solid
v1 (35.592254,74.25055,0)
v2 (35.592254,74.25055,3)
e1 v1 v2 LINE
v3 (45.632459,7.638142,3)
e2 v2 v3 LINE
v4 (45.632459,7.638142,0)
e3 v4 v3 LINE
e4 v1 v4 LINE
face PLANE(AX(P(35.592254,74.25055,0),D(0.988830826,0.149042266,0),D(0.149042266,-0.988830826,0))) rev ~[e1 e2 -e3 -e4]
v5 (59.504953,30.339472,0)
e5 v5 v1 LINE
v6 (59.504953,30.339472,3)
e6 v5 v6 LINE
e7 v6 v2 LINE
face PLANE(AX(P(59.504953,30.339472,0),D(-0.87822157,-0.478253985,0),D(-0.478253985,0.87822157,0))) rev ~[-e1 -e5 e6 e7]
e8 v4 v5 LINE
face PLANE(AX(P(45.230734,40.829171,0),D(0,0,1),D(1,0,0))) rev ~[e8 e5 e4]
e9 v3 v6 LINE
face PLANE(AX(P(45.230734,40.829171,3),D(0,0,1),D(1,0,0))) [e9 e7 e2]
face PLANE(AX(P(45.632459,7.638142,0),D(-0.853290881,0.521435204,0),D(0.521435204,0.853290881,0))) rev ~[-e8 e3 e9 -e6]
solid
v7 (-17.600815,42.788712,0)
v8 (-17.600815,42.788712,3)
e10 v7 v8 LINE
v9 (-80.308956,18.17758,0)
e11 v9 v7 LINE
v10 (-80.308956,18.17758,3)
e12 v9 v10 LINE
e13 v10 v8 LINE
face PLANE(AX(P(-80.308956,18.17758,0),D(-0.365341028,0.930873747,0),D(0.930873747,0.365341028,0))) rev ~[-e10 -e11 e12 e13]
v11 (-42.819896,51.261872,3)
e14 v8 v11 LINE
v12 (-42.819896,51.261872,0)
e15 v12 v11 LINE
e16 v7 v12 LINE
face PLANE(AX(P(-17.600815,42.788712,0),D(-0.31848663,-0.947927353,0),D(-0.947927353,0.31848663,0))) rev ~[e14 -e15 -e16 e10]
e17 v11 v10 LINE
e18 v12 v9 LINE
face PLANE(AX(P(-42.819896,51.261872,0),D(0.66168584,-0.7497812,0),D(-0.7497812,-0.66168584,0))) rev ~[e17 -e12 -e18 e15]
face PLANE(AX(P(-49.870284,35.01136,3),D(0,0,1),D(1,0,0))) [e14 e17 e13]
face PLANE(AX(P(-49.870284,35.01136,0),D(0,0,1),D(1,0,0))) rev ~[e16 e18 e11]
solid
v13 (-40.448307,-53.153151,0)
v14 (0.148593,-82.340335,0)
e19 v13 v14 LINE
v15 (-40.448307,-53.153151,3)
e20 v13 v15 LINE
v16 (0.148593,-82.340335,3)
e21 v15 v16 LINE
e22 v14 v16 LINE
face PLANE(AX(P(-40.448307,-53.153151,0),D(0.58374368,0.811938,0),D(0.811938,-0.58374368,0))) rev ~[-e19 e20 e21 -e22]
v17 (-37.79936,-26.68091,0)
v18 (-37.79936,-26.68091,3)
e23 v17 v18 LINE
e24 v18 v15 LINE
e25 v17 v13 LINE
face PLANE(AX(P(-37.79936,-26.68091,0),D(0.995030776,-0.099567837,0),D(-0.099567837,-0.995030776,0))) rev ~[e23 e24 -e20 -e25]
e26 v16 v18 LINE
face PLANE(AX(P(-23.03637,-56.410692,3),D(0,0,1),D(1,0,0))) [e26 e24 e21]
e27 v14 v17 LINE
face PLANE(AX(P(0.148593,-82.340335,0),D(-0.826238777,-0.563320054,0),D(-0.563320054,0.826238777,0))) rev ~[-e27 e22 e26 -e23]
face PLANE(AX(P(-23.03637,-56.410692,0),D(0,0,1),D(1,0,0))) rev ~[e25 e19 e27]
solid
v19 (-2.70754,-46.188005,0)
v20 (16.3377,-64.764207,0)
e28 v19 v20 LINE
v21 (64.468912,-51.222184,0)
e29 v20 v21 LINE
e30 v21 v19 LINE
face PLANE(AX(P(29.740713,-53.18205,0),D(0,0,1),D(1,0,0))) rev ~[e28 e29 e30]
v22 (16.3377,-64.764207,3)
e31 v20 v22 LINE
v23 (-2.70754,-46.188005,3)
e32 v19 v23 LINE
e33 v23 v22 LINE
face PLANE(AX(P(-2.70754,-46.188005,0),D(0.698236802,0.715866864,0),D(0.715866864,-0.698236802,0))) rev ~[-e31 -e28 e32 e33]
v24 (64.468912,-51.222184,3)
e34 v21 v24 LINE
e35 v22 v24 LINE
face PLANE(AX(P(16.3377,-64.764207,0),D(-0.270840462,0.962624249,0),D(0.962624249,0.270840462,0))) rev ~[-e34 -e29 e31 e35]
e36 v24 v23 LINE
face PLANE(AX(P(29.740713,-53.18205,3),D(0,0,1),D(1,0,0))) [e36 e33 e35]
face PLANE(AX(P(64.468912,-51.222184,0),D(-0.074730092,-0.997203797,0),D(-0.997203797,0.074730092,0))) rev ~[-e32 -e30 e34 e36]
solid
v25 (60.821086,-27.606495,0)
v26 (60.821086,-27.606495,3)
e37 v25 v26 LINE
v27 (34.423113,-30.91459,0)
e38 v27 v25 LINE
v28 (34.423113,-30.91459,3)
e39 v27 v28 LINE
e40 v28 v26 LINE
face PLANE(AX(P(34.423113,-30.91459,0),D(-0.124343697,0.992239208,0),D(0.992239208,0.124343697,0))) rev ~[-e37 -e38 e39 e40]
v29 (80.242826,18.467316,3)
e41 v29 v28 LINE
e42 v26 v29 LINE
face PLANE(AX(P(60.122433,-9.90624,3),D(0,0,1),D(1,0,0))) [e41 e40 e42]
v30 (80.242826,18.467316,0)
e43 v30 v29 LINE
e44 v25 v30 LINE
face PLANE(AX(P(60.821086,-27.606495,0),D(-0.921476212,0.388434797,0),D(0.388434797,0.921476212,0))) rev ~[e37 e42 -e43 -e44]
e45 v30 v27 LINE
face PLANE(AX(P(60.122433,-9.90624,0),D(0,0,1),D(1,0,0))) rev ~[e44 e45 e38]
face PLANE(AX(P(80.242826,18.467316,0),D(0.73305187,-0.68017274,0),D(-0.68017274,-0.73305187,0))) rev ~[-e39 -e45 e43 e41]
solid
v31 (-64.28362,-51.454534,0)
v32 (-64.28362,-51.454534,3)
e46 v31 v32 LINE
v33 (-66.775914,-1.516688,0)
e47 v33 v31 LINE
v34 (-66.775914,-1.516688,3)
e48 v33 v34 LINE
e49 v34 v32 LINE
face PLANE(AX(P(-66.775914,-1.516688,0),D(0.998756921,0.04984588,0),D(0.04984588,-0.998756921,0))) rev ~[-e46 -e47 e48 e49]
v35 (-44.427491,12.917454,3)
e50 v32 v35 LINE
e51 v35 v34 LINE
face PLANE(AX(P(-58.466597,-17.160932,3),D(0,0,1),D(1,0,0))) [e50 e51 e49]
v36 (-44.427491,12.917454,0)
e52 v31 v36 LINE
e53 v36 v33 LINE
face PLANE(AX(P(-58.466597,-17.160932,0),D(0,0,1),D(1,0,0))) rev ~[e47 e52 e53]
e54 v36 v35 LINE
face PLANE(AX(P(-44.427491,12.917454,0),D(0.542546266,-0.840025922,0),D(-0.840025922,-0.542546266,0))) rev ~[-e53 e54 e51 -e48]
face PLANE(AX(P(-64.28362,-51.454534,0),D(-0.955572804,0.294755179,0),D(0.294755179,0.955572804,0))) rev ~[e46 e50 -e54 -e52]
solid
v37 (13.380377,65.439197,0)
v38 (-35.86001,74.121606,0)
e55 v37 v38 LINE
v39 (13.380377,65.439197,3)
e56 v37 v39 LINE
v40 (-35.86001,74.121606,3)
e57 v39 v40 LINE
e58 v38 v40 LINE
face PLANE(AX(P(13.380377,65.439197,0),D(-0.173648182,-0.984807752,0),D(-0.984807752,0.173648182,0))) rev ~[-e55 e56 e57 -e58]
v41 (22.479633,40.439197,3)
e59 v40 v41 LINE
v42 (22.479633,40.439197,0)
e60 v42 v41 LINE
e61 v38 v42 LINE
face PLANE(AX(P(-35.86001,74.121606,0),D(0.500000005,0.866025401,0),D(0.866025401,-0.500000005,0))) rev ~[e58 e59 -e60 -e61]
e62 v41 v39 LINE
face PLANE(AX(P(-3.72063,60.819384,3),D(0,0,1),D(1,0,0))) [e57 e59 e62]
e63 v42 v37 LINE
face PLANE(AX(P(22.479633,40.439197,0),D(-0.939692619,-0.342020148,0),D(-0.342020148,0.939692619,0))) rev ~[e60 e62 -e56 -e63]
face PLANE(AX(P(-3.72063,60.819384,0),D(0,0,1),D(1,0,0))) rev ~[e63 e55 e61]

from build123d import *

# Parameters (mm, degrees)
F1_DEPTH = 3


with BuildPart() as f1:
    # F0 (on Top) → F1 (new body)
    with BuildSketch(Plane.XY):
        Polygon((13.380377, 65.439197), (-35.86001, 74.121606), (22.479633, 40.439197), align=None)
        Polygon((-80.308956, 18.17758), (-17.600815, 42.788712), (-42.819896, 51.261872), align=None)
        Polygon((-64.28362, -51.454534), (-44.427491, 12.917454), (-66.775914, -1.516688), align=None)
        Polygon((0.148593, -82.340335), (-37.79936, -26.68091), (-40.448307, -53.153151), align=None)
        Polygon((64.468912, -51.222184), (-2.70754, -46.188005), (16.3377, -64.764207), align=None)
        Polygon((80.242826, 18.467316), (34.423113, -30.91459), (60.821086, -27.606495), align=None)
        Polygon((35.592254, 74.25055), (45.632459, 7.638142), (59.504953, 30.339472), align=None)
    extrude(amount=F1_DEPTH)


solid = f1.part
